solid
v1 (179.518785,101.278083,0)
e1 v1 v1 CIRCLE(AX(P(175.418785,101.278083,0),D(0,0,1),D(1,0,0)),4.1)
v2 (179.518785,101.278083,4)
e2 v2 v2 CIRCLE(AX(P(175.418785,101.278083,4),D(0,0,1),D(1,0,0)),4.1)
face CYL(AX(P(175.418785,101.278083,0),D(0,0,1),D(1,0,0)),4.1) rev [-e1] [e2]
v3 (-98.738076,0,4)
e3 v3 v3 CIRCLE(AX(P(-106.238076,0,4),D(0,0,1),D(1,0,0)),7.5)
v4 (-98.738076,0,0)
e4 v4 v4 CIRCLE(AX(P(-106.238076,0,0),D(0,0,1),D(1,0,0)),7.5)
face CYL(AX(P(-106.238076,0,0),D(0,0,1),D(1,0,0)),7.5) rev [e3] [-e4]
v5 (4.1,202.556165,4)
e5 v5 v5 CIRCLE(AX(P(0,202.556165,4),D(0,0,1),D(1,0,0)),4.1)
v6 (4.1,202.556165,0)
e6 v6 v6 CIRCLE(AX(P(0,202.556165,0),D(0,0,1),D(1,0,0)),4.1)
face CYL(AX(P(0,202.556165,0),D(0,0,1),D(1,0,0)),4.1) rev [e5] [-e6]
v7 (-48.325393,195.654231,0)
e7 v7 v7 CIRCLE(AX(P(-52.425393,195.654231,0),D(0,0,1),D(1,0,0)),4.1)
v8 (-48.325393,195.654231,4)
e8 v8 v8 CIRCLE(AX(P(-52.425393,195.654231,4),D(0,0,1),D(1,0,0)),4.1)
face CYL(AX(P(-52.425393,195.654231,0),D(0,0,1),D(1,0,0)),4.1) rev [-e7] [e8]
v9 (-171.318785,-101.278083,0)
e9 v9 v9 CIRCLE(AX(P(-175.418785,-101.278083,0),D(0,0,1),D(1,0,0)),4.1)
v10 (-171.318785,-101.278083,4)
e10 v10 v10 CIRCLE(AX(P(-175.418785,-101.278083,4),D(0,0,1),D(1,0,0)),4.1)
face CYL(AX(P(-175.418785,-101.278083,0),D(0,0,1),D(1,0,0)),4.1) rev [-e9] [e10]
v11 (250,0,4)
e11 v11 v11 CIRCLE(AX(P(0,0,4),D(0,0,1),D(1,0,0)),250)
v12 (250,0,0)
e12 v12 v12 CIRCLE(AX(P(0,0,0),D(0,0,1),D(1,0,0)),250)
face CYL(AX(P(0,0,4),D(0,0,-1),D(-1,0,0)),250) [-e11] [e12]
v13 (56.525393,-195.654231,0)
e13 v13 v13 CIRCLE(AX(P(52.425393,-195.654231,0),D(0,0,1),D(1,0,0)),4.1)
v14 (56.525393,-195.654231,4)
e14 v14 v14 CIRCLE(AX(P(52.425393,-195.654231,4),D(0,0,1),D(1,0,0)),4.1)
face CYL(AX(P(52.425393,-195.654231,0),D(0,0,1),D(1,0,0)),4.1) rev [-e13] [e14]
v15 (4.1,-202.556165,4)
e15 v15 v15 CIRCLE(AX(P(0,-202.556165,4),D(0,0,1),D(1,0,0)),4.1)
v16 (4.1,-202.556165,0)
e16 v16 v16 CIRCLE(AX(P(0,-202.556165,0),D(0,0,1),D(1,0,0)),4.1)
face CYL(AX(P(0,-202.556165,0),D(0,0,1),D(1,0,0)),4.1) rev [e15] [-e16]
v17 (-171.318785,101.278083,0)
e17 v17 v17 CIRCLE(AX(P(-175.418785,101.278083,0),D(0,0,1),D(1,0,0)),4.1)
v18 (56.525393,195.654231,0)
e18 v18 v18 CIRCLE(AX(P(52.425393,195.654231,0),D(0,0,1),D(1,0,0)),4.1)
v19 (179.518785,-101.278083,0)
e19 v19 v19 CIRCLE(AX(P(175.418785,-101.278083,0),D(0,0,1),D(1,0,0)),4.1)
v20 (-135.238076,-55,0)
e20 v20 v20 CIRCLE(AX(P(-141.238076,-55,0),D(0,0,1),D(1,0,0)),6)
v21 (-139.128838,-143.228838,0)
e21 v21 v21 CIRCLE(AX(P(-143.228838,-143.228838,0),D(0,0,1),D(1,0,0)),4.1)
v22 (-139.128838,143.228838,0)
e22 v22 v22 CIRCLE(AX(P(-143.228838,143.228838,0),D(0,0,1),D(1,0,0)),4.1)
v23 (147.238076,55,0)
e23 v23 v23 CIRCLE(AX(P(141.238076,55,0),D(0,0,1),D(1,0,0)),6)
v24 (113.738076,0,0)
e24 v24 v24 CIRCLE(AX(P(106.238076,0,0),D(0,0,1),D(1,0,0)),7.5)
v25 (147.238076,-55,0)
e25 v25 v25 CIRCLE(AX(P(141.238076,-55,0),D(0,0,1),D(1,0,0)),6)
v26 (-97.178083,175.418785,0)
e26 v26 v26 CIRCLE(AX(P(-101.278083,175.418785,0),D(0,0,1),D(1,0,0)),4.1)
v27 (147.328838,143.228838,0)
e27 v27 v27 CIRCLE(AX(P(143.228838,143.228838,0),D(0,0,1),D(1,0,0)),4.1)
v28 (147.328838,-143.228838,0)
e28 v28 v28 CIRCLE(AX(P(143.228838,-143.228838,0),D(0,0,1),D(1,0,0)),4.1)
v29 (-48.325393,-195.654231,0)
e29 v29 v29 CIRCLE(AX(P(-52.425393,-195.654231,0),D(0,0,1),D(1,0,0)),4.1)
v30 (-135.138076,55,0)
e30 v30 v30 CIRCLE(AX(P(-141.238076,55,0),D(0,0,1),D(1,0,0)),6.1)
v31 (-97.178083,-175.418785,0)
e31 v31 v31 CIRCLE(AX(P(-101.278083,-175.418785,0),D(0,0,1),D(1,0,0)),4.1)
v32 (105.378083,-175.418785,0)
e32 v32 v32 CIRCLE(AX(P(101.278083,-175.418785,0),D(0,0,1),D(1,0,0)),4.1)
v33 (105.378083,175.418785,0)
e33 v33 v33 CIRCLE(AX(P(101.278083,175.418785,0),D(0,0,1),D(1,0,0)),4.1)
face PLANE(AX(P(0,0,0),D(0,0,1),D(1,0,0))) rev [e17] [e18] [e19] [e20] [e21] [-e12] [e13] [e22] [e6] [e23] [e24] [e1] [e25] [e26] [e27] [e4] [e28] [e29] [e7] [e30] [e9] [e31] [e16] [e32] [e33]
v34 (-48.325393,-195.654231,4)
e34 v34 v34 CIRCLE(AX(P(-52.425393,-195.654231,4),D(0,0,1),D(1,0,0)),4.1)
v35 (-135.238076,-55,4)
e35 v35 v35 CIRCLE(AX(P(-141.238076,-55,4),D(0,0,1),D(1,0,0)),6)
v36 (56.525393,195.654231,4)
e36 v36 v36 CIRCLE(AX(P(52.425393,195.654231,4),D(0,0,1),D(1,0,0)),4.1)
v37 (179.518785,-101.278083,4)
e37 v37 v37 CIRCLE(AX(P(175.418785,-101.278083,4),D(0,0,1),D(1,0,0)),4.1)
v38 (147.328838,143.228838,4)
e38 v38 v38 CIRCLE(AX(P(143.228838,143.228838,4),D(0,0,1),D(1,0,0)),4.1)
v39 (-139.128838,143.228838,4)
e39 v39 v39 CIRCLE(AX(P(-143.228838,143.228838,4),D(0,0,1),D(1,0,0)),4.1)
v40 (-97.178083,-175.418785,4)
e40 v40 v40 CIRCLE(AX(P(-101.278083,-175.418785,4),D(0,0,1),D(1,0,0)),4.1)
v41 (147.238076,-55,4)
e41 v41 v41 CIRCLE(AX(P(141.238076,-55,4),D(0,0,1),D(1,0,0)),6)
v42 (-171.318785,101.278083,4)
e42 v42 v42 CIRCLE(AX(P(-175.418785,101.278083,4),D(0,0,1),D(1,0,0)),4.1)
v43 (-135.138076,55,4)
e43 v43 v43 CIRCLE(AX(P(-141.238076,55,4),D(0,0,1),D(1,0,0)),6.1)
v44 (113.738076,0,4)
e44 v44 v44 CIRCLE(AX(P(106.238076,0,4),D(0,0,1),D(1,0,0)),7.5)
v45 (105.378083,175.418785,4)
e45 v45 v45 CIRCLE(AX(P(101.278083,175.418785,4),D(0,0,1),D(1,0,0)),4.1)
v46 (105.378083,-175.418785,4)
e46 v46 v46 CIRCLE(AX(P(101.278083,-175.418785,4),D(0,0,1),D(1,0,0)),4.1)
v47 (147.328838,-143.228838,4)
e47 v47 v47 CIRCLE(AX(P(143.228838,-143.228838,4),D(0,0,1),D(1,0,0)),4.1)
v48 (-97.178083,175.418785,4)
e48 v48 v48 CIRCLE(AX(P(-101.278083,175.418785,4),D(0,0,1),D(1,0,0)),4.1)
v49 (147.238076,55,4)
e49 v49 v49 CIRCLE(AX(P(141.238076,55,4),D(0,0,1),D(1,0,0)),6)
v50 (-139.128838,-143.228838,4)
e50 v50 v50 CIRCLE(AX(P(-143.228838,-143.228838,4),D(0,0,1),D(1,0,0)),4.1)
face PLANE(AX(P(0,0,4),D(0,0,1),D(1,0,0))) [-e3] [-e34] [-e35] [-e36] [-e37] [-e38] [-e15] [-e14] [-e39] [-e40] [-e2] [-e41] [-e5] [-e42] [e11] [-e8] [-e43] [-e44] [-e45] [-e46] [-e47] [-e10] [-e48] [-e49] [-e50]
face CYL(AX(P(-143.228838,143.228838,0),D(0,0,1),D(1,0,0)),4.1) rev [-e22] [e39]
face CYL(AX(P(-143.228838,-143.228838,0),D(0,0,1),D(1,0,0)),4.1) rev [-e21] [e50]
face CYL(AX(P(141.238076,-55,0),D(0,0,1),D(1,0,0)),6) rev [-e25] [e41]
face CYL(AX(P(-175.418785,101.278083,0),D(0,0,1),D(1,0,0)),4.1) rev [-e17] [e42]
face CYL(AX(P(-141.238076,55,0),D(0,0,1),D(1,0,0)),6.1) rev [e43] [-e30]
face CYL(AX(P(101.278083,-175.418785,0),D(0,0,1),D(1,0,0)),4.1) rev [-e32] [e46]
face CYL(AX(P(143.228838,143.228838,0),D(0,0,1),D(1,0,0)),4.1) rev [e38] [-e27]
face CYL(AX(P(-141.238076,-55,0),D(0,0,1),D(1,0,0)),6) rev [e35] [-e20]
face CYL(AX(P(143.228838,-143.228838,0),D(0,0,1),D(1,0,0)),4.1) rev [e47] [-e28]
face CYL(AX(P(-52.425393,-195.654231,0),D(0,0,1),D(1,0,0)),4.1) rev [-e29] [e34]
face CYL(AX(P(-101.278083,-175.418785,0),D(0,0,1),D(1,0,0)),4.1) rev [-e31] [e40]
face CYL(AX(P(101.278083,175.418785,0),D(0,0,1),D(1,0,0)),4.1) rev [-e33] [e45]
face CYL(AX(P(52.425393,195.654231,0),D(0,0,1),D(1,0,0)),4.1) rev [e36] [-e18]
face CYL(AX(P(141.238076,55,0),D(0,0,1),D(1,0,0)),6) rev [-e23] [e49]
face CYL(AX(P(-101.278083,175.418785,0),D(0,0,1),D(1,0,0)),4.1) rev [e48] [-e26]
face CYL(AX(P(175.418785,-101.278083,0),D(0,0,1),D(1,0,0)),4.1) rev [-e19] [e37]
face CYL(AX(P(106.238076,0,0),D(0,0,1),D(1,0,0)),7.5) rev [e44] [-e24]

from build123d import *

# Parameters (mm, degrees)
SKETCH1_R               = 250
BOSS_EXTRUDE1_DEPTH     = 4
CUT_EXTRUDE7_DEPTH      = 354.576017286
CUT_EXTRUDE7_DEPTH_BACK = 354.576017286
SKETCH12_R              = 6.1
SKETCH12_R_2            = 7.5
SKETCH12_R_3            = 6
SKETCH12_R_4            = 4.1


with BuildPart() as part:
    # Sketch1 → Boss-Extrude1 (new body)
    with BuildSketch(Plane.XY):
        Circle(SKETCH1_R)
    extrude(amount=BOSS_EXTRUDE1_DEPTH)

    # Sketch12 → Cut-Extrude7 (cut, two sides: drawn at the far end of the back side and taken through both)
    with BuildSketch(Plane.XY.offset(4).offset(-CUT_EXTRUDE7_DEPTH_BACK)):
        with Locations((-141.238075794, 55)):
            Circle(SKETCH12_R)
        with Locations((-106.238075794, 0)):
            Circle(SKETCH12_R_2)
        with Locations((106.238075794, 0)):
            Circle(SKETCH12_R_2)
        with Locations((-141.238075794, -55)):
            Circle(SKETCH12_R_3)
        with Locations((141.238075794, -55)):
            Circle(SKETCH12_R_3)
        with Locations((141.238075794, 55)):
            Circle(SKETCH12_R_3)
        with Locations((0, -202.556165051)):
            Circle(SKETCH12_R_4)
        with Locations((-52.425393218, -195.654231096)):
            Circle(SKETCH12_R_4)
        with Locations((-101.278082525, -175.418784627)):
            Circle(SKETCH12_R_4)
        with Locations((-143.228837878, -143.228837878)):
            Circle(SKETCH12_R_4)
        with Locations((-175.418784627, -101.278082525)):
            Circle(SKETCH12_R_4)
        with Locations((-175.418784627, 101.278082525)):
            Circle(SKETCH12_R_4)
        with Locations((-143.228837878, 143.228837878)):
            Circle(SKETCH12_R_4)
        with Locations((-101.278082525, 175.418784627)):
            Circle(SKETCH12_R_4)
        with Locations((-52.425393218, 195.654231096)):
            Circle(SKETCH12_R_4)
        with Locations((0, 202.556165051)):
            Circle(SKETCH12_R_4)
        with Locations((52.425393218, 195.654231096)):
            Circle(SKETCH12_R_4)
        with Locations((101.278082525, 175.418784627)):
            Circle(SKETCH12_R_4)
        with Locations((143.228837878, 143.228837878)):
            Circle(SKETCH12_R_4)
        with Locations((175.418784627, 101.278082525)):
            Circle(SKETCH12_R_4)
        with Locations((175.418784627, -101.278082525)):
            Circle(SKETCH12_R_4)
        with Locations((143.228837878, -143.228837878)):
            Circle(SKETCH12_R_4)
        with Locations((101.278082525, -175.418784627)):
            Circle(SKETCH12_R_4)
        with Locations((52.425393218, -195.654231096)):
            Circle(SKETCH12_R_4)
    extrude(amount=CUT_EXTRUDE7_DEPTH + CUT_EXTRUDE7_DEPTH_BACK, mode=Mode.SUBTRACT)


solid = part.part
